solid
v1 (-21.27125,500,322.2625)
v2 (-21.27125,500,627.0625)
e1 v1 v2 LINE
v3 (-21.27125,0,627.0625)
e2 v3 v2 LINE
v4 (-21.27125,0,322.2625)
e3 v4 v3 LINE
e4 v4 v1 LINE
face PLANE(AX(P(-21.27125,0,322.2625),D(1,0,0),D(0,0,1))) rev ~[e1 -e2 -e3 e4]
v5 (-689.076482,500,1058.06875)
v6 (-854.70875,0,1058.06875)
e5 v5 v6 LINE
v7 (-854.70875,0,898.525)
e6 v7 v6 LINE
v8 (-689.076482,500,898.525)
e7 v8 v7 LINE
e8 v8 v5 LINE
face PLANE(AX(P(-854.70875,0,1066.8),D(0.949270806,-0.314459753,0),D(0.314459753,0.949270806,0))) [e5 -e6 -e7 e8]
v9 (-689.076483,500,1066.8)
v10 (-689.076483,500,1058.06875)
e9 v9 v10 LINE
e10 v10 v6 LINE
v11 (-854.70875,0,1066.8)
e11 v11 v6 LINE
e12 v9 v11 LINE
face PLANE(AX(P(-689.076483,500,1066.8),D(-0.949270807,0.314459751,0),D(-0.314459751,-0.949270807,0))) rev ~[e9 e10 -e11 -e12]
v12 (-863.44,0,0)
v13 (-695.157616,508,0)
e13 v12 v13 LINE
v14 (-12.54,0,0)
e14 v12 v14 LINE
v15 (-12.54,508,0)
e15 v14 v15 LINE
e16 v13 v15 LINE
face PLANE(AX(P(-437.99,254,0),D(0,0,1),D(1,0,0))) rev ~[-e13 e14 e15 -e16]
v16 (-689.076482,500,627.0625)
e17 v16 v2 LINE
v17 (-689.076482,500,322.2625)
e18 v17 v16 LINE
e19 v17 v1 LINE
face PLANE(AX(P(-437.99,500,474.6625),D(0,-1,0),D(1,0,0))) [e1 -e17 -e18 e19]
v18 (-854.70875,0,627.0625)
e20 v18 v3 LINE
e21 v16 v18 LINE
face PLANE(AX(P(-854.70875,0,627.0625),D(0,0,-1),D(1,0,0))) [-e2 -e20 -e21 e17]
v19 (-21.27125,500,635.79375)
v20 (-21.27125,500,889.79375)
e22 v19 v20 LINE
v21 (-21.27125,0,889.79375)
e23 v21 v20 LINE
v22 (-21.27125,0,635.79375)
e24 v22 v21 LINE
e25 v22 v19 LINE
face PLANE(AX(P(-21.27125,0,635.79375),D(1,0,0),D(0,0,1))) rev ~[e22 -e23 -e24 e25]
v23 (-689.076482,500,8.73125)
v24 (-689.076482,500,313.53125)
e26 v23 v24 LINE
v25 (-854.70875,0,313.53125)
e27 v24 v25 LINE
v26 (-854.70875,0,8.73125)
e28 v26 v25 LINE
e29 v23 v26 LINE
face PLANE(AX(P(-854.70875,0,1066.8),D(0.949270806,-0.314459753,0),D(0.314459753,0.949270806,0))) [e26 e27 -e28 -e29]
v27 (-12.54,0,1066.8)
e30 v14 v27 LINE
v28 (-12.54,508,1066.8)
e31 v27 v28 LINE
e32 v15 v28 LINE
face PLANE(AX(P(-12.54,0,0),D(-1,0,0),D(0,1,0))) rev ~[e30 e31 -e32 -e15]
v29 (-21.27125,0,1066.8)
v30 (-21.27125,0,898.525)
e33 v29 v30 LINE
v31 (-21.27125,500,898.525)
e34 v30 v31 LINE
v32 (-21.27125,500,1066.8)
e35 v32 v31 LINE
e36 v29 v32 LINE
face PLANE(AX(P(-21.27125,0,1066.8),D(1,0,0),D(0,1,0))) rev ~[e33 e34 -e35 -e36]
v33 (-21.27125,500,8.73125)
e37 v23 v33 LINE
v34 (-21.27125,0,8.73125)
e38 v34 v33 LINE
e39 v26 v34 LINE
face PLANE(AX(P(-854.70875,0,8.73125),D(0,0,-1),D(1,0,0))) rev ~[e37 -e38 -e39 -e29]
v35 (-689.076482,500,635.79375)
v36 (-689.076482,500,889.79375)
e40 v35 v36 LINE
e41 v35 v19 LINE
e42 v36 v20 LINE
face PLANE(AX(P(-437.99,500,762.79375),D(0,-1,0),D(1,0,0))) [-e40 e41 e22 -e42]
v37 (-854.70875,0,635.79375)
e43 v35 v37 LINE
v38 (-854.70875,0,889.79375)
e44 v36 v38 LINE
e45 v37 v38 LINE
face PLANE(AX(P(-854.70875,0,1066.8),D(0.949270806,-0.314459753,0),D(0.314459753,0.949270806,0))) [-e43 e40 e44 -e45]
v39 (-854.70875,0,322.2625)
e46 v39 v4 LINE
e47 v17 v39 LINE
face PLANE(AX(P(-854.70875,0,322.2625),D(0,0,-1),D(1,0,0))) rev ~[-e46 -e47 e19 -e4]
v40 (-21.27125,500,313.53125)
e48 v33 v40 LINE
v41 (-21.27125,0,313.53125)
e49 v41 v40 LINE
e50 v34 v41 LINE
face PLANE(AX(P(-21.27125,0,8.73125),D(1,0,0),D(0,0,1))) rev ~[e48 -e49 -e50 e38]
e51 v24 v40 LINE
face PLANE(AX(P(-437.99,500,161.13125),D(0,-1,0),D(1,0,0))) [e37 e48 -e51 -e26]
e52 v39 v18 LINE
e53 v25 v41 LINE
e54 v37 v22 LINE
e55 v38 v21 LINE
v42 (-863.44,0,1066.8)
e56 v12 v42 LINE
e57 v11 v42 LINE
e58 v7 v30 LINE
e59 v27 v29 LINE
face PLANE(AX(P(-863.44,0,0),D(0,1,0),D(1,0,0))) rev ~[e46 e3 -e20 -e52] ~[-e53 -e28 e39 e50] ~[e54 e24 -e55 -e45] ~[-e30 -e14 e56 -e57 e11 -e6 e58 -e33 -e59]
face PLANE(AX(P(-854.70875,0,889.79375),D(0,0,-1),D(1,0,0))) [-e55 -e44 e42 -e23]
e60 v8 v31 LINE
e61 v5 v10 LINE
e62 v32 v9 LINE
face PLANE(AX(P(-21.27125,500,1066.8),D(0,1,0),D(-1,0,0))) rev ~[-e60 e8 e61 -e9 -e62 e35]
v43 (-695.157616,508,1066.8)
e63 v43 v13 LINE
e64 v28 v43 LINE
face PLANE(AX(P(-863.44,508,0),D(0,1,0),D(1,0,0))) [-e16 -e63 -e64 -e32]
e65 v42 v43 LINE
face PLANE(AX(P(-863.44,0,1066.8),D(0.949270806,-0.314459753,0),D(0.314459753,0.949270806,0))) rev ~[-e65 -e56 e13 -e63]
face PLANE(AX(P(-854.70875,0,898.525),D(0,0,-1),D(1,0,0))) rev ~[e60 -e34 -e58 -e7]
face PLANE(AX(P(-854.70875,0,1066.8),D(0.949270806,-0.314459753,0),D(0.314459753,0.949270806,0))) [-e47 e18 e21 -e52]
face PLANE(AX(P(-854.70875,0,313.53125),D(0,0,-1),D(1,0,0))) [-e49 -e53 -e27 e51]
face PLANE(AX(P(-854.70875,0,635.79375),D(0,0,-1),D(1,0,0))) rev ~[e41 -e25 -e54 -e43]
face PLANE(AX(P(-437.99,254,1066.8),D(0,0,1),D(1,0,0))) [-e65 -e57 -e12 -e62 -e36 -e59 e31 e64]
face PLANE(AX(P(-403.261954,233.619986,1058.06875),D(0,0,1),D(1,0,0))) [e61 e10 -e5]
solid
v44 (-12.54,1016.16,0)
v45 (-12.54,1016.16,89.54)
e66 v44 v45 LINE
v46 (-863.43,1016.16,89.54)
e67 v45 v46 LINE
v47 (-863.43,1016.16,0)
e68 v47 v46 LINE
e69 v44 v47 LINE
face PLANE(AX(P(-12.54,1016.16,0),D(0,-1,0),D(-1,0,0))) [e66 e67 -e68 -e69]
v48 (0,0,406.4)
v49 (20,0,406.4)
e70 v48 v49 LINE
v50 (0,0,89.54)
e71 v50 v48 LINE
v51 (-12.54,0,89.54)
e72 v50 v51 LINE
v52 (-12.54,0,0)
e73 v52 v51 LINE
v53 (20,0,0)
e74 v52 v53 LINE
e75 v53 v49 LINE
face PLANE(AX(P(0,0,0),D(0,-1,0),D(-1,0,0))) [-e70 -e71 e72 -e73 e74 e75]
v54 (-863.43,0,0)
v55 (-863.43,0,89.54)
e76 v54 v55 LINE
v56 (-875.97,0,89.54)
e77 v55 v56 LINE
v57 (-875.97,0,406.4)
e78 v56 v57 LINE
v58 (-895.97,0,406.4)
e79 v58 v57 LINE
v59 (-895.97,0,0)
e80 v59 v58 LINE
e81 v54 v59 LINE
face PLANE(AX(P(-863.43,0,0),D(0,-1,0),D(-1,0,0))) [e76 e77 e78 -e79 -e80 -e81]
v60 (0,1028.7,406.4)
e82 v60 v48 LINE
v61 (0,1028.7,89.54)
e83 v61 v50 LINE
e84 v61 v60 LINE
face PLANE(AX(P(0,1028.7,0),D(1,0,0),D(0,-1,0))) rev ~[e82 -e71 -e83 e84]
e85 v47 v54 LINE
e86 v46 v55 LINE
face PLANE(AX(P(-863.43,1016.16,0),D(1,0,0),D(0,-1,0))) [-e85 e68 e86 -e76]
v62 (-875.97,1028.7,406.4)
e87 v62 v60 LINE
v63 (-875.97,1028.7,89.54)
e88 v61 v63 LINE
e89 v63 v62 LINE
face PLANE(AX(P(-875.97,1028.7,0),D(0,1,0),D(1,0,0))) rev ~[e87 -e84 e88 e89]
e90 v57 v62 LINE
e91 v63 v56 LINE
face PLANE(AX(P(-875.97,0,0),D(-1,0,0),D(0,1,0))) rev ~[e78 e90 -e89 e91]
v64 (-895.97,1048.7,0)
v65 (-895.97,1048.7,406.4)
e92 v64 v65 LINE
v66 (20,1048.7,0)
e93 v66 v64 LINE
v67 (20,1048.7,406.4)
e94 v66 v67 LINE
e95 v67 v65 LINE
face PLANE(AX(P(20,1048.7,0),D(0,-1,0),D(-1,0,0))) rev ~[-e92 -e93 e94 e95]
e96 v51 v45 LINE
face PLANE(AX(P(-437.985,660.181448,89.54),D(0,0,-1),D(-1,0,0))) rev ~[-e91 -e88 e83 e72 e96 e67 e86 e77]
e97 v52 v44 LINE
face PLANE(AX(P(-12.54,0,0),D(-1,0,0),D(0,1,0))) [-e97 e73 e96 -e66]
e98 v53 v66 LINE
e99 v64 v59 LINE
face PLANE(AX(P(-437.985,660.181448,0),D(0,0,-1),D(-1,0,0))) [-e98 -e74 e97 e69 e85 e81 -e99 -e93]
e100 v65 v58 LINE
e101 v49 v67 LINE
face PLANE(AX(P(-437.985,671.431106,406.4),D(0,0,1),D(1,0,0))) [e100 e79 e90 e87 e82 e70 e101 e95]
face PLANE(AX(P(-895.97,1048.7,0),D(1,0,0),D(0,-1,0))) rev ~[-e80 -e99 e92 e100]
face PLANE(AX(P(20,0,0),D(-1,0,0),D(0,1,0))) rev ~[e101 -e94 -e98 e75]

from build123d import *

# Parameters (mm, degrees)
SKETCH_W        = 850.9
SKETCH_H        = 508
PAD_DEPTH       = 1066.8
SKETCH003_W     = 833.4375
SKETCH003_H     = 304.8
SKETCH003_H_2   = 254
SKETCH003_H_3   = 159.54375
POCKET_DEPTH    = 500
POCKET001_DEPTH = 1066.801
PAD003_DEPTH    = 1066.8
POCKET002_DEPTH = 8.73125
PAD001_DEPTH    = 406.4
PAD002_DEPTH    = 89.54


with BuildPart() as cabinet:
    # Sketch → Pad (new body)
    with BuildSketch(Plane.XY):
        with Locations((-437.99, 254)):
            Rectangle(SKETCH_W, SKETCH_H)
    extrude(amount=PAD_DEPTH)

    # Sketch003 (on Face3 of Pad) → Pocket (cut)
    with BuildSketch(Plane.XZ):
        with Locations((-437.99, 161.13125)):
            Rectangle(SKETCH003_W, SKETCH003_H)
        with Locations((-437.99, 474.6625)):
            Rectangle(SKETCH003_W, SKETCH003_H)
        with Locations((-437.99, 762.79375)):
            Rectangle(SKETCH003_W, SKETCH003_H_2)
        with Locations((-437.99, 978.296875)):
            Rectangle(SKETCH003_W, SKETCH003_H_3)
    extrude(amount=-POCKET_DEPTH, mode=Mode.SUBTRACT)

    # Sketch004 (on Face5 of Pocket) → Pocket001 (cut, through all)
    with BuildSketch(Plane.XY.offset(1066.8)):
        Polygon((-863.44, 0), (-695.157616, 508), (-863.44, 508), align=None)
    extrude(amount=-POCKET001_DEPTH, mode=Mode.SUBTRACT)

    # Sketch005 (on Face4 of Pocket001) → Pad003 (join)
    with BuildSketch(Plane.XY.offset(1066.8)):
        Polygon((-854.70875, 0), (-686.426366, 508), (-695.157616, 508), (-863.44, 0), align=None)
    extrude(amount=-PAD003_DEPTH)

    # Sketch006 (on Face4 of Pad003) → Pocket002 (cut)
    with BuildSketch(Plane.XY.offset(1066.8)):
        Polygon((-689.076483, 500), (-854.70875, 0), (-21.27125, 0), (-21.27125, 500), align=None)
    extrude(amount=-POCKET002_DEPTH, mode=Mode.SUBTRACT)


with BuildPart() as pantry:
    # Sketch001 → Pad001 (new body)
    with BuildSketch(Plane.XY):
        Polygon((-875.97, 0), (-875.97, 1028.7), (0, 1028.7), (0, 0), (20, 0), (20, 1048.7), (-895.97, 1048.7), (-895.97, 0), align=None)
    extrude(amount=PAD001_DEPTH)

    # Sketch002 → Pad002 (join)
    with BuildSketch(Plane.XY):
        Polygon((0, 0), (-12.54, 0), (-12.54, 1016.16), (-863.43, 1016.16), (-863.43, 0), (-875.97, 0), (-875.97, 1016.16), (-875.97, 1028.7), (-12.54, 1028.7), (0, 1028.7), align=None)
    extrude(amount=PAD002_DEPTH)


solid = Compound([cabinet.part, pantry.part])
